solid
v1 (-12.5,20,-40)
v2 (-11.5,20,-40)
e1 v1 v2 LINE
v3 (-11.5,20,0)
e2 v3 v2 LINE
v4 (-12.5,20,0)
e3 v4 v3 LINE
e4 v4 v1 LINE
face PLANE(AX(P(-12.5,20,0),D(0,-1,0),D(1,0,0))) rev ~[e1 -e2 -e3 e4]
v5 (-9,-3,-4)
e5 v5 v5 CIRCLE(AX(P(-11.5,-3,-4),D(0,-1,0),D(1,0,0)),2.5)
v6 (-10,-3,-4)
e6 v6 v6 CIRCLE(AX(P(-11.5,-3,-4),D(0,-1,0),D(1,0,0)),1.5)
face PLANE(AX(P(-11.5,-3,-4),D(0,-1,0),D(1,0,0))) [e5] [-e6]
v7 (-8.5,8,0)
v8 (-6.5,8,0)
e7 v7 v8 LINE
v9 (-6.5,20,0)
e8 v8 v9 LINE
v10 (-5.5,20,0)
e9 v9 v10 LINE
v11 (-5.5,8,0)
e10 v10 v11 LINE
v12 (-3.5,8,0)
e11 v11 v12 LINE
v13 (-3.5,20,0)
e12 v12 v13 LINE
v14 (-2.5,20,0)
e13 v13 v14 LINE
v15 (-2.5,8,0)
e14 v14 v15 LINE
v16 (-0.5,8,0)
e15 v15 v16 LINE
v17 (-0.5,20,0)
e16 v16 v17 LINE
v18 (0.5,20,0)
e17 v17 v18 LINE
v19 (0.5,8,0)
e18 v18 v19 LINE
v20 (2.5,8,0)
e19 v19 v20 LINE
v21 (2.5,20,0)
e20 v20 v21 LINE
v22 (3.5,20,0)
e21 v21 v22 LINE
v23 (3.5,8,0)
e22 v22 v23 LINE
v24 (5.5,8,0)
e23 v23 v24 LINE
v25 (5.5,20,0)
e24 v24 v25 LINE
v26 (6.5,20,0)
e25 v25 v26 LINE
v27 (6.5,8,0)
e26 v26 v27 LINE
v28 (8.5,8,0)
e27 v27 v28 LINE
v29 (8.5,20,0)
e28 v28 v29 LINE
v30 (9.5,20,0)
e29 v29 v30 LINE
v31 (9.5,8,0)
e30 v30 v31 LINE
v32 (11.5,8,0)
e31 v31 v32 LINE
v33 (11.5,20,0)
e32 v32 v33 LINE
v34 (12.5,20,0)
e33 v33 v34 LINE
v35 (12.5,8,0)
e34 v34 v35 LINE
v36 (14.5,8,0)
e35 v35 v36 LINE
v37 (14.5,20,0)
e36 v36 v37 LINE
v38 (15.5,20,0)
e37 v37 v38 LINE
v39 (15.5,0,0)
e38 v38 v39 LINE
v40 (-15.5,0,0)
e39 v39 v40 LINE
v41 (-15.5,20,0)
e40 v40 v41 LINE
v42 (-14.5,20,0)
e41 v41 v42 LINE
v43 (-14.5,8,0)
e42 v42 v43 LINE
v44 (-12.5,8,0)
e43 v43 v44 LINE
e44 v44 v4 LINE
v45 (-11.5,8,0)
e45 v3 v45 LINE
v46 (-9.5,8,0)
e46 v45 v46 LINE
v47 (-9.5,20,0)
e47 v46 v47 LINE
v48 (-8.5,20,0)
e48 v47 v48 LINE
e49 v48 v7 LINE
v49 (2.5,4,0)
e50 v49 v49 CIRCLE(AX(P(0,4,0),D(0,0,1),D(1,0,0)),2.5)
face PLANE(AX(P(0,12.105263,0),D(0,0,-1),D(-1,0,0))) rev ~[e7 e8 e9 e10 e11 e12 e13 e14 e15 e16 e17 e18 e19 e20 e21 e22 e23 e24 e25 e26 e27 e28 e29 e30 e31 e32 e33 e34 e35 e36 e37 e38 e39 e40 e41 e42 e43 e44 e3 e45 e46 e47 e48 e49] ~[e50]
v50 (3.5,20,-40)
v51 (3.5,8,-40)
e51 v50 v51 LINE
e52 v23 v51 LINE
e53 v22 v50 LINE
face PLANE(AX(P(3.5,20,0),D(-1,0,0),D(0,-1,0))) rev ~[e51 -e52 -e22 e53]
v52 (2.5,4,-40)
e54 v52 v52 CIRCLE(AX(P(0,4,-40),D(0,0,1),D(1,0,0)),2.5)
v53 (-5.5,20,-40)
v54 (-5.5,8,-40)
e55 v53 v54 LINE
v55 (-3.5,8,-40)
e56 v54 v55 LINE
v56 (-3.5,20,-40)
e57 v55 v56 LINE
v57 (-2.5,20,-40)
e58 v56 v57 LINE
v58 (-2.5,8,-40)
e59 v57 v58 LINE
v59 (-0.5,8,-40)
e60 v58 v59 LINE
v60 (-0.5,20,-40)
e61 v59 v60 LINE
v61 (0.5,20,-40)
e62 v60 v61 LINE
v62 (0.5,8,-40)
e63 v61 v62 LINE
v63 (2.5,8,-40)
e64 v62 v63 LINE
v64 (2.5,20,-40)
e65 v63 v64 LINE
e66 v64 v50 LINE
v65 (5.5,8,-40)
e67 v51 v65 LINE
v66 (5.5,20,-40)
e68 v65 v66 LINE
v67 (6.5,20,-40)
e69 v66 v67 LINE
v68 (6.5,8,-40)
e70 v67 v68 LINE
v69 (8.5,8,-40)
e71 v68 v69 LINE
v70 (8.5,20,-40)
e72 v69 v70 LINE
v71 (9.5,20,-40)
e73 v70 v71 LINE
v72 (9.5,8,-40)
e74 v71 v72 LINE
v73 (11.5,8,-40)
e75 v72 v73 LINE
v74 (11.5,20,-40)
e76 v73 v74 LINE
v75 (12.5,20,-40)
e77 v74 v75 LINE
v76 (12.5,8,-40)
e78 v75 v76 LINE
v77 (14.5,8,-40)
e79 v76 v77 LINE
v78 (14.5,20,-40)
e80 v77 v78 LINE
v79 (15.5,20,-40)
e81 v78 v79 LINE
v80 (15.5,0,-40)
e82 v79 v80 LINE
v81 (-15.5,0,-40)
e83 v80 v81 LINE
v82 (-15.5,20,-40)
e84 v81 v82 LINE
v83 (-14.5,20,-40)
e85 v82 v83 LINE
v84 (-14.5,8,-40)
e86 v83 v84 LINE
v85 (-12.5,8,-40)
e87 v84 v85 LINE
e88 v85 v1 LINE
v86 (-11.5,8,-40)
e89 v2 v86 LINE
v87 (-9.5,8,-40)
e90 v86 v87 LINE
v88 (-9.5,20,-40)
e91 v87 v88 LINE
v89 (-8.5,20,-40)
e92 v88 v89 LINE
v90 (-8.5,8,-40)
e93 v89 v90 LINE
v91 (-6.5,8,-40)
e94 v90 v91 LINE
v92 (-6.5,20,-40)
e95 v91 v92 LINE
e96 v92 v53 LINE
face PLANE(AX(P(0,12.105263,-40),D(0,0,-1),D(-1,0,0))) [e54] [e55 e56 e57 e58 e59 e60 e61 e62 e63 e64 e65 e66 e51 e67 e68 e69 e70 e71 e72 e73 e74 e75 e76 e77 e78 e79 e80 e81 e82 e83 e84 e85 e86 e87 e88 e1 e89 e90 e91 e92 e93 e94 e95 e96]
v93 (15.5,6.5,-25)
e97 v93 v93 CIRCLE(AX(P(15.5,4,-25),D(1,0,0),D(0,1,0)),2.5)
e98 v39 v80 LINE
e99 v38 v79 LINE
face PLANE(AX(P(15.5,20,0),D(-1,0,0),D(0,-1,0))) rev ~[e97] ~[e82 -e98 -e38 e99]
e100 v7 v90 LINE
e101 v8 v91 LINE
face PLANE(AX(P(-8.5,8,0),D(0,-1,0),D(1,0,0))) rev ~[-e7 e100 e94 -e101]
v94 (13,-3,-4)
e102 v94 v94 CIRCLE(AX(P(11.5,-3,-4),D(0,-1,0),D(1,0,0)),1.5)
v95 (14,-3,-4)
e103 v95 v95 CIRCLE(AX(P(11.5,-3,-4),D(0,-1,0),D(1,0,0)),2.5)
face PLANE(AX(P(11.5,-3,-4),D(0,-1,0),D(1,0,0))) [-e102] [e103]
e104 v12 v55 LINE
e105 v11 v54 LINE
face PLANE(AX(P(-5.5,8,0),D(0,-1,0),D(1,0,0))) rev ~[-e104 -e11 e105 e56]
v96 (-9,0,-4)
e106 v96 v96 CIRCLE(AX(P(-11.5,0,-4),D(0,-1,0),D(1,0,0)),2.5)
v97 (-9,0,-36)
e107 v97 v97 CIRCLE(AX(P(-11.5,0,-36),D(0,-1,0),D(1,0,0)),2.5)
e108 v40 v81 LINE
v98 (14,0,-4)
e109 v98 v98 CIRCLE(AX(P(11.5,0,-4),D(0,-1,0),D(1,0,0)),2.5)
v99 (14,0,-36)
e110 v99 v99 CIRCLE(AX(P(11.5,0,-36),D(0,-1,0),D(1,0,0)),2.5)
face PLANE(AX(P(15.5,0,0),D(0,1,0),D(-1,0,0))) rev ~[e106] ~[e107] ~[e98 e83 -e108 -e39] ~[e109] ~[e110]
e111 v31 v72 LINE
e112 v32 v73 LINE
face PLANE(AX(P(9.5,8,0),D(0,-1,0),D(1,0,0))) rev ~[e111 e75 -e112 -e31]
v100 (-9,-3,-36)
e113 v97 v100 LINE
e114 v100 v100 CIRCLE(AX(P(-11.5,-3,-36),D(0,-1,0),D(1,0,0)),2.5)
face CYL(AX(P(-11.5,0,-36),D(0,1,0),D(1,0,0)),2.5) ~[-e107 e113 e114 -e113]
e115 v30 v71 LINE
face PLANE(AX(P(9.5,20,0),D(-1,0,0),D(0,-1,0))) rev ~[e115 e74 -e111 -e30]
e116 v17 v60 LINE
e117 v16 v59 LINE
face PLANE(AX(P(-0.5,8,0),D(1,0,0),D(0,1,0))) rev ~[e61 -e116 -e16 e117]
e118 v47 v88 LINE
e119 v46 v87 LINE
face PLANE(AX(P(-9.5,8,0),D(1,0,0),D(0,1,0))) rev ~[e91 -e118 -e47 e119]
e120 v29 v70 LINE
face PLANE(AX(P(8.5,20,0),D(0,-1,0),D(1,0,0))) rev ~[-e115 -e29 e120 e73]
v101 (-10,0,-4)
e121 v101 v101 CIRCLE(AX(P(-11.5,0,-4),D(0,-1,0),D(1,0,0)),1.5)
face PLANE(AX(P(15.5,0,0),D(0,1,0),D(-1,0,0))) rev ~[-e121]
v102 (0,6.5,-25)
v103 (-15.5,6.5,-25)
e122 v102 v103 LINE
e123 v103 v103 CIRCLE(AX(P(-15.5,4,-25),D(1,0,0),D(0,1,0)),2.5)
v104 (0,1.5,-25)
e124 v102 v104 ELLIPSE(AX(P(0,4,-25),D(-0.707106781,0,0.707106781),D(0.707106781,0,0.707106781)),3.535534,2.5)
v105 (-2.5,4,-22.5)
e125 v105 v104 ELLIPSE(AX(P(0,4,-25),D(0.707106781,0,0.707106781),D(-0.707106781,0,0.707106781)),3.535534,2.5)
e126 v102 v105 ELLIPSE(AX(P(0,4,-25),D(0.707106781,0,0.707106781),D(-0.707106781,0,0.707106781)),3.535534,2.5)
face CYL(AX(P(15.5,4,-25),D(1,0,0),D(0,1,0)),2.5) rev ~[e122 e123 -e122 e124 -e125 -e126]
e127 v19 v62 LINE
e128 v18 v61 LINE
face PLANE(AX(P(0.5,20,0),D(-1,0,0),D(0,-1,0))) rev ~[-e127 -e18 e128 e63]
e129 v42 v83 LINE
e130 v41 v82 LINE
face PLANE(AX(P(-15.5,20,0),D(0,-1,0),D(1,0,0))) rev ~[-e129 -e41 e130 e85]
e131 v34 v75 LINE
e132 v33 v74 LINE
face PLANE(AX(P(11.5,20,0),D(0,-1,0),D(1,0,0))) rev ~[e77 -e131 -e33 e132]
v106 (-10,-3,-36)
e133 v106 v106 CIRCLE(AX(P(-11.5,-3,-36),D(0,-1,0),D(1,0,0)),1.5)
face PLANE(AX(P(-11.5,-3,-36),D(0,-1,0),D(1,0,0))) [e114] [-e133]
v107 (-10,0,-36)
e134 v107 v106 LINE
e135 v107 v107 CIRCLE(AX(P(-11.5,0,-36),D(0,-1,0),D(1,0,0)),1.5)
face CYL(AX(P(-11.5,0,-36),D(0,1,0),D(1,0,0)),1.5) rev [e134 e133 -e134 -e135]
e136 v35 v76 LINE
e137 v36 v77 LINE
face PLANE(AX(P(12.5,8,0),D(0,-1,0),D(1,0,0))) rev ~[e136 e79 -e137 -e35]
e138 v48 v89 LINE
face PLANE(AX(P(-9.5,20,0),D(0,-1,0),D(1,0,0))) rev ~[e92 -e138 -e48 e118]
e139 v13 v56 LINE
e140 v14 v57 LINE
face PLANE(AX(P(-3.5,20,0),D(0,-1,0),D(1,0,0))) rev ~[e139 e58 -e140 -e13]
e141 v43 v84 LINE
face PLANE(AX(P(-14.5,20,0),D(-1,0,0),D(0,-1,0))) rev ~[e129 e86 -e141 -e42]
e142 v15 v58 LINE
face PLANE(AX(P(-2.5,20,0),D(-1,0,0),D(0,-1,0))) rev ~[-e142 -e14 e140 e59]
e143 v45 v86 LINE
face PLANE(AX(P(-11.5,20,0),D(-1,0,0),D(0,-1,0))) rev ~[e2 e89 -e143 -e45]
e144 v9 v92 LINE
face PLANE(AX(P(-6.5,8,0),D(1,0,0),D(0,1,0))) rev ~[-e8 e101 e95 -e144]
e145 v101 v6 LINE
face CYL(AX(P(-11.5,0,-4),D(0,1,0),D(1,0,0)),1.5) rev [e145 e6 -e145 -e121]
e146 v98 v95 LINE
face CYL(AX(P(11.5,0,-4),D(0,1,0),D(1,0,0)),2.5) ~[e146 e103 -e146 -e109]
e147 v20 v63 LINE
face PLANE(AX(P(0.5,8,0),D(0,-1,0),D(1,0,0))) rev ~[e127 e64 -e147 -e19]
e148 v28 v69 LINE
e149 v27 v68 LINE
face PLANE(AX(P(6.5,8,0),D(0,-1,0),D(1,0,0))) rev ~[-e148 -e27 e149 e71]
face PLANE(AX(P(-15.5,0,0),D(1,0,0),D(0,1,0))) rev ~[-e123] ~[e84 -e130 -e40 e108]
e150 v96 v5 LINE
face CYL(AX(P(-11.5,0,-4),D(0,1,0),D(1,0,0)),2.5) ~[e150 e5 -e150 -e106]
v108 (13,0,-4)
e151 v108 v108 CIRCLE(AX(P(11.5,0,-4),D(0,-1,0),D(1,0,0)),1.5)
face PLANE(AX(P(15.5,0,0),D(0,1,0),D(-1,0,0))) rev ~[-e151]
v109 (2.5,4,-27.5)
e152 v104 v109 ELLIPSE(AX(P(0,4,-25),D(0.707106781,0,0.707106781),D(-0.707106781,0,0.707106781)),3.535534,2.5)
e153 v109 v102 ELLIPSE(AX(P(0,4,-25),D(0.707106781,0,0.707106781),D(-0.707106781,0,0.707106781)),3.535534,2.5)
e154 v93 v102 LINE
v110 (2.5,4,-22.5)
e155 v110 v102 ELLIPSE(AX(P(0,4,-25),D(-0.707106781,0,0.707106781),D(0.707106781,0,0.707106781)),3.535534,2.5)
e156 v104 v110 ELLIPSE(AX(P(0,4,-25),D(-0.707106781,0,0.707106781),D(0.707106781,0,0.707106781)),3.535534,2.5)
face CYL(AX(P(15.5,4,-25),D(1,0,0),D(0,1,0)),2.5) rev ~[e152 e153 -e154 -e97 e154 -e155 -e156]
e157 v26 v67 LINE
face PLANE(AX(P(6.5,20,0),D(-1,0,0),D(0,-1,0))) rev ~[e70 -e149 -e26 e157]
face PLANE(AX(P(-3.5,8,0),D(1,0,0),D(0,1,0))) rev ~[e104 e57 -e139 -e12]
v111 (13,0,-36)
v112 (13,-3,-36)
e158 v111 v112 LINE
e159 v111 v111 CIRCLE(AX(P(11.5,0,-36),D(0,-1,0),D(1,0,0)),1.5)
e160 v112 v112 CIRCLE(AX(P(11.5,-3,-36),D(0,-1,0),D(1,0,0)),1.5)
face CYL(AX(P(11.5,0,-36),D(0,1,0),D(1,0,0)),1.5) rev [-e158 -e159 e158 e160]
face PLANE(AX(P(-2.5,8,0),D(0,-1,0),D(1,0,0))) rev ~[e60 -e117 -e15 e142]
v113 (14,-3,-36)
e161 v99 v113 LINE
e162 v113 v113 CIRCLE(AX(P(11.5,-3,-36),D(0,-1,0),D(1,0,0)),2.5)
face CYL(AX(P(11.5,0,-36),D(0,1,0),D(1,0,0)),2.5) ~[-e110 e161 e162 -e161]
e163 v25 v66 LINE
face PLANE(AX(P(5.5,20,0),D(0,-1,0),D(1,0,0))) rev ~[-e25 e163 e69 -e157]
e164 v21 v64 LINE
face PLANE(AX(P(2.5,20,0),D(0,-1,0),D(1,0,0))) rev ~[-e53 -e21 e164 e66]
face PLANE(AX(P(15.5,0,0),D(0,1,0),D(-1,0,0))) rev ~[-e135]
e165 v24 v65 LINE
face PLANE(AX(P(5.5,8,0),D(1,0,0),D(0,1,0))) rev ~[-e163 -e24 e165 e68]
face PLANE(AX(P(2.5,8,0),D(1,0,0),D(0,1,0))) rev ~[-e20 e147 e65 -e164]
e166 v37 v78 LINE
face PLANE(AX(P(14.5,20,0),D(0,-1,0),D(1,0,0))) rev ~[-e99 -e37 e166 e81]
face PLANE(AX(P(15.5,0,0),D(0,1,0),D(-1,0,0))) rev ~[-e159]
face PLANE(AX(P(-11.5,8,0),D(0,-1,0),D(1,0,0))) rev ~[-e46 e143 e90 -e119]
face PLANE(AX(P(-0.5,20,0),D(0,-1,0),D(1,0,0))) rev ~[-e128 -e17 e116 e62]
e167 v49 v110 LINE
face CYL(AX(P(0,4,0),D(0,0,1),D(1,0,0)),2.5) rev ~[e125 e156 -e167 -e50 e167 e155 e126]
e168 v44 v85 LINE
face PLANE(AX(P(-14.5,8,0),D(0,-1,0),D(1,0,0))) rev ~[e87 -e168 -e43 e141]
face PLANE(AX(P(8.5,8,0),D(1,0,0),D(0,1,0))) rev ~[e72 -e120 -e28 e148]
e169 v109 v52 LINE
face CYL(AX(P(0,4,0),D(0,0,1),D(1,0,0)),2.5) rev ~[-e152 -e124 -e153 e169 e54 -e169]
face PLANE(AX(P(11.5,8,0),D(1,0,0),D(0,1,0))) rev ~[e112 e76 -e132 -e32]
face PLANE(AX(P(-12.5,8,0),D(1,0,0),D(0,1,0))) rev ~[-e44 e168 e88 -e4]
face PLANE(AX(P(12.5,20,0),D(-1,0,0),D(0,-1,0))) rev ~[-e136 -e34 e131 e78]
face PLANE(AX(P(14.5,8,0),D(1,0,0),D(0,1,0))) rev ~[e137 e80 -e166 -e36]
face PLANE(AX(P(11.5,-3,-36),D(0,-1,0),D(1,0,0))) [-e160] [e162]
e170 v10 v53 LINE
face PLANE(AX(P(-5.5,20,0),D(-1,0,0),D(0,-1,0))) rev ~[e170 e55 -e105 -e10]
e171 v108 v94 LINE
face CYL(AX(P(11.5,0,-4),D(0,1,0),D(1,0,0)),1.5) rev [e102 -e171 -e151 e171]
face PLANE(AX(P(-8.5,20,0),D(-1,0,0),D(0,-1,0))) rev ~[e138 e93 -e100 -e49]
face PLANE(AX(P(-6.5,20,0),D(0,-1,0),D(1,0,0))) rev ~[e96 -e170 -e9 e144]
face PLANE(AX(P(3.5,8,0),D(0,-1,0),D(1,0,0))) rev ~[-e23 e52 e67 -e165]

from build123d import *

# Parameters (mm, degrees)
EXTRUDE1_DEPTH       = 40
SKETCH2_R            = 2.5
EXTRUDE2_DEPTH       = 48.331279298
SKETCH3_R            = 2.5
EXTRUDE3_DEPTH       = 55.415071442
SKETCH4_R            = 2.5
SKETCH4_R_2          = 1.5
EXTRUDE4_DEPTH       = 3
LPATTERN6_COUNT      = 2
LPATTERN6_PITCH      = 23
LPATTERN6_COUNT_DIR2 = 2
LPATTERN6_PITCH_DIR2 = 32


with BuildPart() as part:
    # Sketch1 → Extrude1 (new body)
    with BuildSketch(Plane.XY):
        Polygon((-15.5, 0), (-15.5, 20), (-14.5, 20), (-14.5, 8), (-12.5, 8), (-12.5, 20), (-11.5, 20), (-11.5, 8), (-9.5, 8), (-9.5, 20), (-8.5, 20), (-8.5, 8), (-6.5, 8), (-6.5, 20), (-5.5, 20), (-5.5, 8), (-3.5, 8), (-3.5, 20), (-2.5, 20), (-2.5, 8), (-0.5, 8), (-0.5, 20), (0.5, 20), (0.5, 8), (2.5, 8), (2.5, 20), (3.5, 20), (3.5, 8), (5.5, 8), (5.5, 20), (6.5, 20), (6.5, 8), (8.5, 8), (8.5, 20), (9.5, 20), (9.5, 8), (11.5, 8), (11.5, 20), (12.5, 20), (12.5, 8), (14.5, 8), (14.5, 20), (15.5, 20), (15.5, 0), align=None)
    extrude(amount=-EXTRUDE1_DEPTH)

    # Sketch2 → Extrude2 (cut, through all)
    with BuildSketch(Plane.XY):
        with Locations((0, 4)):
            Circle(SKETCH2_R)
    extrude(amount=-EXTRUDE2_DEPTH, mode=Mode.SUBTRACT)

    # Sketch3 → Extrude3 (cut, through all)
    with BuildSketch(Plane(origin=(15.5, 0, 0), x_dir=(0, 0, -1), z_dir=(1, 0, 0))):
        with Locations(Location((25, 4, 0), (0, 0, 90))):
            Circle(SKETCH3_R)
    extrude(amount=-EXTRUDE3_DEPTH, mode=Mode.SUBTRACT)

    # Sketch4 → Extrude4 (add)
    with BuildSketch(Plane.XZ):
        with Locations((11.5, -4)):
            Circle(SKETCH4_R)
        with Locations((11.5, -4)):
            Circle(SKETCH4_R_2, mode=Mode.SUBTRACT)
    extrude4 = extrude(amount=EXTRUDE4_DEPTH)

    # LPattern6: Extrude4 2 × 2
    with Locations(*[(-i * LPATTERN6_PITCH, 0, -j * LPATTERN6_PITCH_DIR2) for i in range(LPATTERN6_COUNT) for j in range(LPATTERN6_COUNT_DIR2) if (i, j) != (0, 0)]):
        add(extrude4)


solid = part.part
